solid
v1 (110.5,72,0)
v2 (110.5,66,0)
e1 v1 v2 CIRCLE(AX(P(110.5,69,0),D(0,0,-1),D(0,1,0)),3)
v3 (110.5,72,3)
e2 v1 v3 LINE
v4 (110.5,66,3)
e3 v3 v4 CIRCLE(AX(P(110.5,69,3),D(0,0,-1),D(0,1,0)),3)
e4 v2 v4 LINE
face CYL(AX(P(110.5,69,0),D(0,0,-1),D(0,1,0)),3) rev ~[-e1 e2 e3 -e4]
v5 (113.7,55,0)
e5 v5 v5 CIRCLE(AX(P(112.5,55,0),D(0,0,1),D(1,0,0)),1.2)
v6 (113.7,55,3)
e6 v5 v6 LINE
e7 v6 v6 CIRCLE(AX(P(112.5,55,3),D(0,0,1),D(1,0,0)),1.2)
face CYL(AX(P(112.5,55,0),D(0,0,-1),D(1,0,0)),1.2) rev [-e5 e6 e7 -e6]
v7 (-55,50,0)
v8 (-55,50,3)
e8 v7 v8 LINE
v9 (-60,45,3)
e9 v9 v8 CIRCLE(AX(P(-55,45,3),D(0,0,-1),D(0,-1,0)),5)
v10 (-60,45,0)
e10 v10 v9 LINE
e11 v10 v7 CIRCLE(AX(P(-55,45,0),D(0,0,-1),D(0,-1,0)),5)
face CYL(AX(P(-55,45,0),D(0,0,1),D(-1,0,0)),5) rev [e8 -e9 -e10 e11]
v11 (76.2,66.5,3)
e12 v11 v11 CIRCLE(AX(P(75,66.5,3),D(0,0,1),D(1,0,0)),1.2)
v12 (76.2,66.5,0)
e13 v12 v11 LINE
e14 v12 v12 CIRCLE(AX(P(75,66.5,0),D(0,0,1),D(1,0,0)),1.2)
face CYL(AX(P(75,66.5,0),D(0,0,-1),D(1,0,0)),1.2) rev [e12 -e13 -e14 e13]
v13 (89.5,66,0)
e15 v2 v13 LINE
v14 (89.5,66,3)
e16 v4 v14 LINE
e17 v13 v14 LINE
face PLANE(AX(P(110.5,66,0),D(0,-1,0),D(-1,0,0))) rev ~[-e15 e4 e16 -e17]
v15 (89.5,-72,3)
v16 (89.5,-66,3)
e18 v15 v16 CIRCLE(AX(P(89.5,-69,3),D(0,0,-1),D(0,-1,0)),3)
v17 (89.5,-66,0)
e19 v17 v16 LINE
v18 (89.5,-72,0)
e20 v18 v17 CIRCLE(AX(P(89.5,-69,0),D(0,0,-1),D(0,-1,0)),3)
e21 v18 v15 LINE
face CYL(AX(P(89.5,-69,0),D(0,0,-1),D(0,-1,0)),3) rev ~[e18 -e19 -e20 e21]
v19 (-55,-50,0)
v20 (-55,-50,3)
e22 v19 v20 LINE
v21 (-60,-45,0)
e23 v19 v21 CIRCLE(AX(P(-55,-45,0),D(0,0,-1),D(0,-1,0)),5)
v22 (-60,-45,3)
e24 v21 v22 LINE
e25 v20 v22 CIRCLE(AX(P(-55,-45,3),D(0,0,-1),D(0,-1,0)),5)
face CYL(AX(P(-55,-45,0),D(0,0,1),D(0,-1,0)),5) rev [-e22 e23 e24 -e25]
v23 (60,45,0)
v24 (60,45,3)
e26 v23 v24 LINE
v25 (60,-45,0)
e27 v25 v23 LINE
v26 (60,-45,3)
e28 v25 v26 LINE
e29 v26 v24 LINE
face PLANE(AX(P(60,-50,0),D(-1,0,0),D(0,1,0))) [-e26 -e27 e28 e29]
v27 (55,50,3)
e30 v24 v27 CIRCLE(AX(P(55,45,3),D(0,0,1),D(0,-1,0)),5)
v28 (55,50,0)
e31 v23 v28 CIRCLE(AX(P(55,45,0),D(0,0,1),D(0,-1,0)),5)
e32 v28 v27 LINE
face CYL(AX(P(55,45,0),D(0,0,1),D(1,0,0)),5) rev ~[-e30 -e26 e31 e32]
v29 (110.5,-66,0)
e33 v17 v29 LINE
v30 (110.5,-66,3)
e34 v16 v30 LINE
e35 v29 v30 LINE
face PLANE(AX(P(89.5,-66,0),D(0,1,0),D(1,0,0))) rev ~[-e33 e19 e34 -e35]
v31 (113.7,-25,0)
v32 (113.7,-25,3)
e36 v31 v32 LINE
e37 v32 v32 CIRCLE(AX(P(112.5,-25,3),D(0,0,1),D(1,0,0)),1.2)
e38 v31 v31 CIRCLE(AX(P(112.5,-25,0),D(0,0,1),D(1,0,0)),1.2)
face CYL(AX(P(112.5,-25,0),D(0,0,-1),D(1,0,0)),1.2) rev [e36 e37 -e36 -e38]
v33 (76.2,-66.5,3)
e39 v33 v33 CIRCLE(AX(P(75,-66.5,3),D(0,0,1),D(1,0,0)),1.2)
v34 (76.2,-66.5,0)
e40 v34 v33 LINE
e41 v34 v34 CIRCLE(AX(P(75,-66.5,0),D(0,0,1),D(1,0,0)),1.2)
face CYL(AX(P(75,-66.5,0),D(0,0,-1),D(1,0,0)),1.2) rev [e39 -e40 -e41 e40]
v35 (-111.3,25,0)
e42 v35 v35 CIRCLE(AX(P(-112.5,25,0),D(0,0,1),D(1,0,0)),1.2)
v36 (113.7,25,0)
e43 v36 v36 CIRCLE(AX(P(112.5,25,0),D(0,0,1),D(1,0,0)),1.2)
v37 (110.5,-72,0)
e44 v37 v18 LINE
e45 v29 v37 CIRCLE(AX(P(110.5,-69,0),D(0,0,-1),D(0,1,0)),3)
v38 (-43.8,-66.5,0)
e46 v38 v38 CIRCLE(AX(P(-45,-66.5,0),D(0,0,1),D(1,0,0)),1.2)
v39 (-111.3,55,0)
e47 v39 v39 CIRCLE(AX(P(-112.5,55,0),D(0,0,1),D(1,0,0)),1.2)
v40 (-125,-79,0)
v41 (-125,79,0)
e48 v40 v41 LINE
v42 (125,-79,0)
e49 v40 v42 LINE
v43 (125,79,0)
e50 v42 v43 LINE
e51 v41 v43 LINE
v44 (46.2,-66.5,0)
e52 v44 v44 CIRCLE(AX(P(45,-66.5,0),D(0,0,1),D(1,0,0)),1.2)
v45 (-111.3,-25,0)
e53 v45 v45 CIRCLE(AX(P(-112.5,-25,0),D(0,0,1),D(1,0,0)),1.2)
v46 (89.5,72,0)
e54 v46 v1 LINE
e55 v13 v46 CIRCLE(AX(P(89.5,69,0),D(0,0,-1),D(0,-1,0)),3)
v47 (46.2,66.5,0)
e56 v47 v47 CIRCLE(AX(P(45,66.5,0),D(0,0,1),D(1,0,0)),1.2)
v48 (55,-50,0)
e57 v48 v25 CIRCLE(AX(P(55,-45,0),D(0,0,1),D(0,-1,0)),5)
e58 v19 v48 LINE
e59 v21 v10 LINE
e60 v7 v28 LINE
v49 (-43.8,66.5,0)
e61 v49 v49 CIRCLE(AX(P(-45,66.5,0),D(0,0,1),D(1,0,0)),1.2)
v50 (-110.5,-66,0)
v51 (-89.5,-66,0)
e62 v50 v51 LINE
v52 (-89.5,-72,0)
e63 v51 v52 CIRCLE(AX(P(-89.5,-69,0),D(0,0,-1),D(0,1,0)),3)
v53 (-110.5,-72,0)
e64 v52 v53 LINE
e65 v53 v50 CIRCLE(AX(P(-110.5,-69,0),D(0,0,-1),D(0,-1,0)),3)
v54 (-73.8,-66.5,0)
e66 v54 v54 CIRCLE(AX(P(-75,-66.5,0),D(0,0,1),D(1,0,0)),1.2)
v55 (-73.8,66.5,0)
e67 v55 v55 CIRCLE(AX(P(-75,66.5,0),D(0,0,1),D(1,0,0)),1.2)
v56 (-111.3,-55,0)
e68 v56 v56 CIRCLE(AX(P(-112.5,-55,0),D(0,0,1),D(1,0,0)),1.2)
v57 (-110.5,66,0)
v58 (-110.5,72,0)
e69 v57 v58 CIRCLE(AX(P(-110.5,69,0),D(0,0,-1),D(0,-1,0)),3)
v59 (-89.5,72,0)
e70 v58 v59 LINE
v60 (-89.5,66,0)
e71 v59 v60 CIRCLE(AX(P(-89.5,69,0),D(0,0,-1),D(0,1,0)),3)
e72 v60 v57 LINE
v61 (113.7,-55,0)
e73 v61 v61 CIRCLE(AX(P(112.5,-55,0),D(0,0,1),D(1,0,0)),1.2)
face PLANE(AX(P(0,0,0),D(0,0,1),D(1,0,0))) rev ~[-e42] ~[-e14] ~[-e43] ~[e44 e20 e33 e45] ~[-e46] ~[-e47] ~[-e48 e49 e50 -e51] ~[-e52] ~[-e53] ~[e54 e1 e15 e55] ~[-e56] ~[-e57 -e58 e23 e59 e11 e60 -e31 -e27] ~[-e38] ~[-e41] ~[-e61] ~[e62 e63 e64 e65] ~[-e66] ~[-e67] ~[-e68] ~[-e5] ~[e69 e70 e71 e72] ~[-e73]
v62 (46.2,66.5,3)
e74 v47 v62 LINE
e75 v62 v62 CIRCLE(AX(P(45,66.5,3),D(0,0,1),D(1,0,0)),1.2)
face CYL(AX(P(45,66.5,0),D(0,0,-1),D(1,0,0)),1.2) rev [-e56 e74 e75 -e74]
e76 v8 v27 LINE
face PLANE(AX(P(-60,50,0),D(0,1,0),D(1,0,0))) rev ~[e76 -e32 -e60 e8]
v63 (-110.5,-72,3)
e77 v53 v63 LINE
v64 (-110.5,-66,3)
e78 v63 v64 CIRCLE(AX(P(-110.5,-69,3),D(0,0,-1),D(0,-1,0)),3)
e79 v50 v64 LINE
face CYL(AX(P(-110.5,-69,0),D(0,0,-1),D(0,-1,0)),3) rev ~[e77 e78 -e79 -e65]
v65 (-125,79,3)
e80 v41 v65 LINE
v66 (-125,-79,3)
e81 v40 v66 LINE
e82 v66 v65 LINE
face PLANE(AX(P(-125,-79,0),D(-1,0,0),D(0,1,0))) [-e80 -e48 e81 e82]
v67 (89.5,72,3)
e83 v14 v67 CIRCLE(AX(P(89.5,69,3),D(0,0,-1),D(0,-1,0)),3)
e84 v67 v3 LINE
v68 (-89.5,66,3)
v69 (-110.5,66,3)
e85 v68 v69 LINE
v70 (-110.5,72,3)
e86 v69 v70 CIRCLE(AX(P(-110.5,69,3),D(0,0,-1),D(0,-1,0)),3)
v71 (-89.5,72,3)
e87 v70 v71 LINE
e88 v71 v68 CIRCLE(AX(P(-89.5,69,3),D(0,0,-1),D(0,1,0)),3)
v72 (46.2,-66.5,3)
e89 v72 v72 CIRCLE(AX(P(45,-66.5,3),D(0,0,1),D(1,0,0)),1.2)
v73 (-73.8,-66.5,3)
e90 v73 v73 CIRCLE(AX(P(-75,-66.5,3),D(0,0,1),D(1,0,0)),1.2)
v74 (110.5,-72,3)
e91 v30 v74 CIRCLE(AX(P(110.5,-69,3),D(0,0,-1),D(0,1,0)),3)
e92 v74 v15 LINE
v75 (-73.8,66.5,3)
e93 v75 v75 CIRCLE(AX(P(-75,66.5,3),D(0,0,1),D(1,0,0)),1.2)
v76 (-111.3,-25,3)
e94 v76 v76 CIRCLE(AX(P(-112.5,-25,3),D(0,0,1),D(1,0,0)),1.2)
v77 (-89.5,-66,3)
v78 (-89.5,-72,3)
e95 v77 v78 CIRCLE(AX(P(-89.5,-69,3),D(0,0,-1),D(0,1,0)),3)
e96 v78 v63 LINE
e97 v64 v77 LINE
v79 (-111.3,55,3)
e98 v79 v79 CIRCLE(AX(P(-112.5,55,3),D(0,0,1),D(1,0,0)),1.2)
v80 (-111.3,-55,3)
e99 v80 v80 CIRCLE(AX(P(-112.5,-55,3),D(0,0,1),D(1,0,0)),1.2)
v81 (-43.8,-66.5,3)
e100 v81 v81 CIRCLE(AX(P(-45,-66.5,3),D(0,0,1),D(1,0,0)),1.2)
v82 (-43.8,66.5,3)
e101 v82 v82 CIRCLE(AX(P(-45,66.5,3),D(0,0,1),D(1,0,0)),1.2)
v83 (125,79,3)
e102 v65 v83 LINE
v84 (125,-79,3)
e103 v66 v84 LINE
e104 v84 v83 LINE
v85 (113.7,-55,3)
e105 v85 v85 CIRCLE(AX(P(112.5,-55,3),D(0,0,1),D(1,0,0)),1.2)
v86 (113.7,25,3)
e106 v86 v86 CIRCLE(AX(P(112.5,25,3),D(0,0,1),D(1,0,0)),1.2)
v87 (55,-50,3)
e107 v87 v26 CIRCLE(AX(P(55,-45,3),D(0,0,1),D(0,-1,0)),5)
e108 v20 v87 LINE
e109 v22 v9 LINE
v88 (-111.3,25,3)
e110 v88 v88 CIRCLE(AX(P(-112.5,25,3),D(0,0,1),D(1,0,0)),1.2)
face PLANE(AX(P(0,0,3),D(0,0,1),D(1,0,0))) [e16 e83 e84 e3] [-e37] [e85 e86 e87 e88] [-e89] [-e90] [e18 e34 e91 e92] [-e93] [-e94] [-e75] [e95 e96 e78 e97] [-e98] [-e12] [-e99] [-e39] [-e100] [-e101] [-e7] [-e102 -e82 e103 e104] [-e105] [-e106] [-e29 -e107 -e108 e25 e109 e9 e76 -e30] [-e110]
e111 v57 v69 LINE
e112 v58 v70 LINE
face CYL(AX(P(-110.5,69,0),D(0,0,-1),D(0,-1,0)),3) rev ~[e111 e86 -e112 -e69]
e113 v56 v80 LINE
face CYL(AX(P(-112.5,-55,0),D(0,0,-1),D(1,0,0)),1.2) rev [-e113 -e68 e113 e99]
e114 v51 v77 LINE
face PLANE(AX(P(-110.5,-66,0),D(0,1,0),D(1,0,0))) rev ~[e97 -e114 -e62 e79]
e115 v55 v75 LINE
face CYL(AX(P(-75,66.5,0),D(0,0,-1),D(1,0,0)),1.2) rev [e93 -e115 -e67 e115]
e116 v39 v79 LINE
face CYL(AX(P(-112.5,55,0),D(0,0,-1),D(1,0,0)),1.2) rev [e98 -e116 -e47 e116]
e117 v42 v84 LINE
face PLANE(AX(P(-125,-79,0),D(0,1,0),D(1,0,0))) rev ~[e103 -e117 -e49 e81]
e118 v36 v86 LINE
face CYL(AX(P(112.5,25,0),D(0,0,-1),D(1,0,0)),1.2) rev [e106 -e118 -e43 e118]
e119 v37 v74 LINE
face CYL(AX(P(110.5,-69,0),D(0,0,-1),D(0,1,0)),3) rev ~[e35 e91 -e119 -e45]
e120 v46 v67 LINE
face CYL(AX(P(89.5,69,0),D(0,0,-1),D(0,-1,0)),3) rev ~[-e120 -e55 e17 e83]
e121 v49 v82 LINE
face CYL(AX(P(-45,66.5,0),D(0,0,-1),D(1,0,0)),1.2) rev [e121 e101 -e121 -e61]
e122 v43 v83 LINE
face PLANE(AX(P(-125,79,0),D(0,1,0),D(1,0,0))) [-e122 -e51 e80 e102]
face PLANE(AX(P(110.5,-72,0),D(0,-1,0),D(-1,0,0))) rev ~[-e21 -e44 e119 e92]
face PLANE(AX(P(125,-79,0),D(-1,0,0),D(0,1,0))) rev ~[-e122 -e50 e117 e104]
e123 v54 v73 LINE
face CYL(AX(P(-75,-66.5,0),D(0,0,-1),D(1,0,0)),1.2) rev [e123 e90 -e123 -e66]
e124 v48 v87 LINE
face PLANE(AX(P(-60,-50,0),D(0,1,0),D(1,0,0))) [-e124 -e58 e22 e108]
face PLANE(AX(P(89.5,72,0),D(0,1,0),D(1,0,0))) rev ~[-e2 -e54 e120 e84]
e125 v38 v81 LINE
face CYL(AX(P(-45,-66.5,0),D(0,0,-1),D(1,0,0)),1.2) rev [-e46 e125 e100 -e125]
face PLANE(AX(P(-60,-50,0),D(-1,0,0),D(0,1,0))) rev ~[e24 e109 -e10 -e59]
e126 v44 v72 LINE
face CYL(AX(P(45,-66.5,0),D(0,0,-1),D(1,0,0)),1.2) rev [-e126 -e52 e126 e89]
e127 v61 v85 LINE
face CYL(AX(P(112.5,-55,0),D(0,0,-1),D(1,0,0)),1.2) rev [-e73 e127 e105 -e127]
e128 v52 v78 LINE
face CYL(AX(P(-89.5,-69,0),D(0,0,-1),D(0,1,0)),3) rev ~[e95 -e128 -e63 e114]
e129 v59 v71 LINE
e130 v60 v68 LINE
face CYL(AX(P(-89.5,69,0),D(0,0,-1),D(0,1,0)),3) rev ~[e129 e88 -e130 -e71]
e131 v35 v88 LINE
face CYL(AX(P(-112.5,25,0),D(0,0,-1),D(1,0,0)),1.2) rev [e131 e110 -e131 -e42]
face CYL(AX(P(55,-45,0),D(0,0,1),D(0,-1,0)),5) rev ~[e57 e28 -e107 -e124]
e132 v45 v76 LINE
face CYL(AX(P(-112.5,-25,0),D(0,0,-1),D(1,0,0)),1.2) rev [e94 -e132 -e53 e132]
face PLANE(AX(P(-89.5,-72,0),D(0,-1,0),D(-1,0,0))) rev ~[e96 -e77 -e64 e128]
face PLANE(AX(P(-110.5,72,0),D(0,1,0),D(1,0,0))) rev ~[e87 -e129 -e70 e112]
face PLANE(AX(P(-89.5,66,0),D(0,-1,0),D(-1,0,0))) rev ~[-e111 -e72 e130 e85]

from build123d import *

# Parameters (mm, degrees)
F0_W     = 250
F0_H     = 158
F0_R     = 1.2
F0_W_2   = 120
F0_H_2   = 100
F1_DEPTH = 3
F2_R     = 5


with BuildPart() as f1:
    # F0 (on Top) → F1 (new body)
    with BuildSketch(Plane.XY):
        Rectangle(F0_W, F0_H)
        with BuildLine():
            ThreePointArc((-89.5, -66), (-86.5, -69), (-89.5, -72))
            Line((-89.5, -72), (-110.5, -72))
            ThreePointArc((-110.5, -72), (-113.5, -69), (-110.5, -66))
            Line((-110.5, -66), (-89.5, -66))
        make_face(mode=Mode.SUBTRACT)
        with Locations((-75, -66.5)):
            Circle(F0_R, mode=Mode.SUBTRACT)
        with Locations((-112.5, -55)):
            Circle(F0_R, mode=Mode.SUBTRACT)
        with Locations((-45, -66.5)):
            Circle(F0_R, mode=Mode.SUBTRACT)
        with Locations((-112.5, -25)):
            Circle(F0_R, mode=Mode.SUBTRACT)
        with Locations((45, -66.5)):
            Circle(F0_R, mode=Mode.SUBTRACT)
        with Locations((75, -66.5)):
            Circle(F0_R, mode=Mode.SUBTRACT)
        with BuildLine():
            ThreePointArc((89.5, -72), (86.5, -69), (89.5, -66))
            Line((89.5, -66), (110.5, -66))
            ThreePointArc((110.5, -66), (113.5, -69), (110.5, -72))
            Line((110.5, -72), (89.5, -72))
        make_face(mode=Mode.SUBTRACT)
        with Locations((112.5, -55)):
            Circle(F0_R, mode=Mode.SUBTRACT)
        with Locations((112.5, -25)):
            Circle(F0_R, mode=Mode.SUBTRACT)
        with Locations((-112.5, 25)):
            Circle(F0_R, mode=Mode.SUBTRACT)
        with Locations((-112.5, 55)):
            Circle(F0_R, mode=Mode.SUBTRACT)
        with BuildLine():
            ThreePointArc((-89.5, 72), (-86.5, 69), (-89.5, 66))
            Line((-89.5, 66), (-110.5, 66))
            ThreePointArc((-110.5, 66), (-113.5, 69), (-110.5, 72))
            Line((-110.5, 72), (-89.5, 72))
        make_face(mode=Mode.SUBTRACT)
        with Locations((-75, 66.5)):
            Circle(F0_R, mode=Mode.SUBTRACT)
        with Locations((-45, 66.5)):
            Circle(F0_R, mode=Mode.SUBTRACT)
        Rectangle(F0_W_2, F0_H_2, mode=Mode.SUBTRACT)
        with Locations((112.5, 25)):
            Circle(F0_R, mode=Mode.SUBTRACT)
        with Locations((45, 66.5)):
            Circle(F0_R, mode=Mode.SUBTRACT)
        with Locations((112.5, 55)):
            Circle(F0_R, mode=Mode.SUBTRACT)
        with Locations((75, 66.5)):
            Circle(F0_R, mode=Mode.SUBTRACT)
        with BuildLine():
            ThreePointArc((110.5, 72), (113.5, 69), (110.5, 66))
            Line((110.5, 66), (89.5, 66))
            ThreePointArc((89.5, 66), (86.5, 69), (89.5, 72))
            Line((89.5, 72), (110.5, 72))
        make_face(mode=Mode.SUBTRACT)
    extrude(amount=F1_DEPTH)

    # F2
    f2_edges = [f1.edges().sort_by_distance(p)[0] for p in [
        (-60, 50, 1.5),
        (-60, -50, 1.5),
        (60, -50, 1.5),
        (60, 50, 1.5),
    ]]
    fillet(f2_edges, radius=F2_R)


solid = f1.part
